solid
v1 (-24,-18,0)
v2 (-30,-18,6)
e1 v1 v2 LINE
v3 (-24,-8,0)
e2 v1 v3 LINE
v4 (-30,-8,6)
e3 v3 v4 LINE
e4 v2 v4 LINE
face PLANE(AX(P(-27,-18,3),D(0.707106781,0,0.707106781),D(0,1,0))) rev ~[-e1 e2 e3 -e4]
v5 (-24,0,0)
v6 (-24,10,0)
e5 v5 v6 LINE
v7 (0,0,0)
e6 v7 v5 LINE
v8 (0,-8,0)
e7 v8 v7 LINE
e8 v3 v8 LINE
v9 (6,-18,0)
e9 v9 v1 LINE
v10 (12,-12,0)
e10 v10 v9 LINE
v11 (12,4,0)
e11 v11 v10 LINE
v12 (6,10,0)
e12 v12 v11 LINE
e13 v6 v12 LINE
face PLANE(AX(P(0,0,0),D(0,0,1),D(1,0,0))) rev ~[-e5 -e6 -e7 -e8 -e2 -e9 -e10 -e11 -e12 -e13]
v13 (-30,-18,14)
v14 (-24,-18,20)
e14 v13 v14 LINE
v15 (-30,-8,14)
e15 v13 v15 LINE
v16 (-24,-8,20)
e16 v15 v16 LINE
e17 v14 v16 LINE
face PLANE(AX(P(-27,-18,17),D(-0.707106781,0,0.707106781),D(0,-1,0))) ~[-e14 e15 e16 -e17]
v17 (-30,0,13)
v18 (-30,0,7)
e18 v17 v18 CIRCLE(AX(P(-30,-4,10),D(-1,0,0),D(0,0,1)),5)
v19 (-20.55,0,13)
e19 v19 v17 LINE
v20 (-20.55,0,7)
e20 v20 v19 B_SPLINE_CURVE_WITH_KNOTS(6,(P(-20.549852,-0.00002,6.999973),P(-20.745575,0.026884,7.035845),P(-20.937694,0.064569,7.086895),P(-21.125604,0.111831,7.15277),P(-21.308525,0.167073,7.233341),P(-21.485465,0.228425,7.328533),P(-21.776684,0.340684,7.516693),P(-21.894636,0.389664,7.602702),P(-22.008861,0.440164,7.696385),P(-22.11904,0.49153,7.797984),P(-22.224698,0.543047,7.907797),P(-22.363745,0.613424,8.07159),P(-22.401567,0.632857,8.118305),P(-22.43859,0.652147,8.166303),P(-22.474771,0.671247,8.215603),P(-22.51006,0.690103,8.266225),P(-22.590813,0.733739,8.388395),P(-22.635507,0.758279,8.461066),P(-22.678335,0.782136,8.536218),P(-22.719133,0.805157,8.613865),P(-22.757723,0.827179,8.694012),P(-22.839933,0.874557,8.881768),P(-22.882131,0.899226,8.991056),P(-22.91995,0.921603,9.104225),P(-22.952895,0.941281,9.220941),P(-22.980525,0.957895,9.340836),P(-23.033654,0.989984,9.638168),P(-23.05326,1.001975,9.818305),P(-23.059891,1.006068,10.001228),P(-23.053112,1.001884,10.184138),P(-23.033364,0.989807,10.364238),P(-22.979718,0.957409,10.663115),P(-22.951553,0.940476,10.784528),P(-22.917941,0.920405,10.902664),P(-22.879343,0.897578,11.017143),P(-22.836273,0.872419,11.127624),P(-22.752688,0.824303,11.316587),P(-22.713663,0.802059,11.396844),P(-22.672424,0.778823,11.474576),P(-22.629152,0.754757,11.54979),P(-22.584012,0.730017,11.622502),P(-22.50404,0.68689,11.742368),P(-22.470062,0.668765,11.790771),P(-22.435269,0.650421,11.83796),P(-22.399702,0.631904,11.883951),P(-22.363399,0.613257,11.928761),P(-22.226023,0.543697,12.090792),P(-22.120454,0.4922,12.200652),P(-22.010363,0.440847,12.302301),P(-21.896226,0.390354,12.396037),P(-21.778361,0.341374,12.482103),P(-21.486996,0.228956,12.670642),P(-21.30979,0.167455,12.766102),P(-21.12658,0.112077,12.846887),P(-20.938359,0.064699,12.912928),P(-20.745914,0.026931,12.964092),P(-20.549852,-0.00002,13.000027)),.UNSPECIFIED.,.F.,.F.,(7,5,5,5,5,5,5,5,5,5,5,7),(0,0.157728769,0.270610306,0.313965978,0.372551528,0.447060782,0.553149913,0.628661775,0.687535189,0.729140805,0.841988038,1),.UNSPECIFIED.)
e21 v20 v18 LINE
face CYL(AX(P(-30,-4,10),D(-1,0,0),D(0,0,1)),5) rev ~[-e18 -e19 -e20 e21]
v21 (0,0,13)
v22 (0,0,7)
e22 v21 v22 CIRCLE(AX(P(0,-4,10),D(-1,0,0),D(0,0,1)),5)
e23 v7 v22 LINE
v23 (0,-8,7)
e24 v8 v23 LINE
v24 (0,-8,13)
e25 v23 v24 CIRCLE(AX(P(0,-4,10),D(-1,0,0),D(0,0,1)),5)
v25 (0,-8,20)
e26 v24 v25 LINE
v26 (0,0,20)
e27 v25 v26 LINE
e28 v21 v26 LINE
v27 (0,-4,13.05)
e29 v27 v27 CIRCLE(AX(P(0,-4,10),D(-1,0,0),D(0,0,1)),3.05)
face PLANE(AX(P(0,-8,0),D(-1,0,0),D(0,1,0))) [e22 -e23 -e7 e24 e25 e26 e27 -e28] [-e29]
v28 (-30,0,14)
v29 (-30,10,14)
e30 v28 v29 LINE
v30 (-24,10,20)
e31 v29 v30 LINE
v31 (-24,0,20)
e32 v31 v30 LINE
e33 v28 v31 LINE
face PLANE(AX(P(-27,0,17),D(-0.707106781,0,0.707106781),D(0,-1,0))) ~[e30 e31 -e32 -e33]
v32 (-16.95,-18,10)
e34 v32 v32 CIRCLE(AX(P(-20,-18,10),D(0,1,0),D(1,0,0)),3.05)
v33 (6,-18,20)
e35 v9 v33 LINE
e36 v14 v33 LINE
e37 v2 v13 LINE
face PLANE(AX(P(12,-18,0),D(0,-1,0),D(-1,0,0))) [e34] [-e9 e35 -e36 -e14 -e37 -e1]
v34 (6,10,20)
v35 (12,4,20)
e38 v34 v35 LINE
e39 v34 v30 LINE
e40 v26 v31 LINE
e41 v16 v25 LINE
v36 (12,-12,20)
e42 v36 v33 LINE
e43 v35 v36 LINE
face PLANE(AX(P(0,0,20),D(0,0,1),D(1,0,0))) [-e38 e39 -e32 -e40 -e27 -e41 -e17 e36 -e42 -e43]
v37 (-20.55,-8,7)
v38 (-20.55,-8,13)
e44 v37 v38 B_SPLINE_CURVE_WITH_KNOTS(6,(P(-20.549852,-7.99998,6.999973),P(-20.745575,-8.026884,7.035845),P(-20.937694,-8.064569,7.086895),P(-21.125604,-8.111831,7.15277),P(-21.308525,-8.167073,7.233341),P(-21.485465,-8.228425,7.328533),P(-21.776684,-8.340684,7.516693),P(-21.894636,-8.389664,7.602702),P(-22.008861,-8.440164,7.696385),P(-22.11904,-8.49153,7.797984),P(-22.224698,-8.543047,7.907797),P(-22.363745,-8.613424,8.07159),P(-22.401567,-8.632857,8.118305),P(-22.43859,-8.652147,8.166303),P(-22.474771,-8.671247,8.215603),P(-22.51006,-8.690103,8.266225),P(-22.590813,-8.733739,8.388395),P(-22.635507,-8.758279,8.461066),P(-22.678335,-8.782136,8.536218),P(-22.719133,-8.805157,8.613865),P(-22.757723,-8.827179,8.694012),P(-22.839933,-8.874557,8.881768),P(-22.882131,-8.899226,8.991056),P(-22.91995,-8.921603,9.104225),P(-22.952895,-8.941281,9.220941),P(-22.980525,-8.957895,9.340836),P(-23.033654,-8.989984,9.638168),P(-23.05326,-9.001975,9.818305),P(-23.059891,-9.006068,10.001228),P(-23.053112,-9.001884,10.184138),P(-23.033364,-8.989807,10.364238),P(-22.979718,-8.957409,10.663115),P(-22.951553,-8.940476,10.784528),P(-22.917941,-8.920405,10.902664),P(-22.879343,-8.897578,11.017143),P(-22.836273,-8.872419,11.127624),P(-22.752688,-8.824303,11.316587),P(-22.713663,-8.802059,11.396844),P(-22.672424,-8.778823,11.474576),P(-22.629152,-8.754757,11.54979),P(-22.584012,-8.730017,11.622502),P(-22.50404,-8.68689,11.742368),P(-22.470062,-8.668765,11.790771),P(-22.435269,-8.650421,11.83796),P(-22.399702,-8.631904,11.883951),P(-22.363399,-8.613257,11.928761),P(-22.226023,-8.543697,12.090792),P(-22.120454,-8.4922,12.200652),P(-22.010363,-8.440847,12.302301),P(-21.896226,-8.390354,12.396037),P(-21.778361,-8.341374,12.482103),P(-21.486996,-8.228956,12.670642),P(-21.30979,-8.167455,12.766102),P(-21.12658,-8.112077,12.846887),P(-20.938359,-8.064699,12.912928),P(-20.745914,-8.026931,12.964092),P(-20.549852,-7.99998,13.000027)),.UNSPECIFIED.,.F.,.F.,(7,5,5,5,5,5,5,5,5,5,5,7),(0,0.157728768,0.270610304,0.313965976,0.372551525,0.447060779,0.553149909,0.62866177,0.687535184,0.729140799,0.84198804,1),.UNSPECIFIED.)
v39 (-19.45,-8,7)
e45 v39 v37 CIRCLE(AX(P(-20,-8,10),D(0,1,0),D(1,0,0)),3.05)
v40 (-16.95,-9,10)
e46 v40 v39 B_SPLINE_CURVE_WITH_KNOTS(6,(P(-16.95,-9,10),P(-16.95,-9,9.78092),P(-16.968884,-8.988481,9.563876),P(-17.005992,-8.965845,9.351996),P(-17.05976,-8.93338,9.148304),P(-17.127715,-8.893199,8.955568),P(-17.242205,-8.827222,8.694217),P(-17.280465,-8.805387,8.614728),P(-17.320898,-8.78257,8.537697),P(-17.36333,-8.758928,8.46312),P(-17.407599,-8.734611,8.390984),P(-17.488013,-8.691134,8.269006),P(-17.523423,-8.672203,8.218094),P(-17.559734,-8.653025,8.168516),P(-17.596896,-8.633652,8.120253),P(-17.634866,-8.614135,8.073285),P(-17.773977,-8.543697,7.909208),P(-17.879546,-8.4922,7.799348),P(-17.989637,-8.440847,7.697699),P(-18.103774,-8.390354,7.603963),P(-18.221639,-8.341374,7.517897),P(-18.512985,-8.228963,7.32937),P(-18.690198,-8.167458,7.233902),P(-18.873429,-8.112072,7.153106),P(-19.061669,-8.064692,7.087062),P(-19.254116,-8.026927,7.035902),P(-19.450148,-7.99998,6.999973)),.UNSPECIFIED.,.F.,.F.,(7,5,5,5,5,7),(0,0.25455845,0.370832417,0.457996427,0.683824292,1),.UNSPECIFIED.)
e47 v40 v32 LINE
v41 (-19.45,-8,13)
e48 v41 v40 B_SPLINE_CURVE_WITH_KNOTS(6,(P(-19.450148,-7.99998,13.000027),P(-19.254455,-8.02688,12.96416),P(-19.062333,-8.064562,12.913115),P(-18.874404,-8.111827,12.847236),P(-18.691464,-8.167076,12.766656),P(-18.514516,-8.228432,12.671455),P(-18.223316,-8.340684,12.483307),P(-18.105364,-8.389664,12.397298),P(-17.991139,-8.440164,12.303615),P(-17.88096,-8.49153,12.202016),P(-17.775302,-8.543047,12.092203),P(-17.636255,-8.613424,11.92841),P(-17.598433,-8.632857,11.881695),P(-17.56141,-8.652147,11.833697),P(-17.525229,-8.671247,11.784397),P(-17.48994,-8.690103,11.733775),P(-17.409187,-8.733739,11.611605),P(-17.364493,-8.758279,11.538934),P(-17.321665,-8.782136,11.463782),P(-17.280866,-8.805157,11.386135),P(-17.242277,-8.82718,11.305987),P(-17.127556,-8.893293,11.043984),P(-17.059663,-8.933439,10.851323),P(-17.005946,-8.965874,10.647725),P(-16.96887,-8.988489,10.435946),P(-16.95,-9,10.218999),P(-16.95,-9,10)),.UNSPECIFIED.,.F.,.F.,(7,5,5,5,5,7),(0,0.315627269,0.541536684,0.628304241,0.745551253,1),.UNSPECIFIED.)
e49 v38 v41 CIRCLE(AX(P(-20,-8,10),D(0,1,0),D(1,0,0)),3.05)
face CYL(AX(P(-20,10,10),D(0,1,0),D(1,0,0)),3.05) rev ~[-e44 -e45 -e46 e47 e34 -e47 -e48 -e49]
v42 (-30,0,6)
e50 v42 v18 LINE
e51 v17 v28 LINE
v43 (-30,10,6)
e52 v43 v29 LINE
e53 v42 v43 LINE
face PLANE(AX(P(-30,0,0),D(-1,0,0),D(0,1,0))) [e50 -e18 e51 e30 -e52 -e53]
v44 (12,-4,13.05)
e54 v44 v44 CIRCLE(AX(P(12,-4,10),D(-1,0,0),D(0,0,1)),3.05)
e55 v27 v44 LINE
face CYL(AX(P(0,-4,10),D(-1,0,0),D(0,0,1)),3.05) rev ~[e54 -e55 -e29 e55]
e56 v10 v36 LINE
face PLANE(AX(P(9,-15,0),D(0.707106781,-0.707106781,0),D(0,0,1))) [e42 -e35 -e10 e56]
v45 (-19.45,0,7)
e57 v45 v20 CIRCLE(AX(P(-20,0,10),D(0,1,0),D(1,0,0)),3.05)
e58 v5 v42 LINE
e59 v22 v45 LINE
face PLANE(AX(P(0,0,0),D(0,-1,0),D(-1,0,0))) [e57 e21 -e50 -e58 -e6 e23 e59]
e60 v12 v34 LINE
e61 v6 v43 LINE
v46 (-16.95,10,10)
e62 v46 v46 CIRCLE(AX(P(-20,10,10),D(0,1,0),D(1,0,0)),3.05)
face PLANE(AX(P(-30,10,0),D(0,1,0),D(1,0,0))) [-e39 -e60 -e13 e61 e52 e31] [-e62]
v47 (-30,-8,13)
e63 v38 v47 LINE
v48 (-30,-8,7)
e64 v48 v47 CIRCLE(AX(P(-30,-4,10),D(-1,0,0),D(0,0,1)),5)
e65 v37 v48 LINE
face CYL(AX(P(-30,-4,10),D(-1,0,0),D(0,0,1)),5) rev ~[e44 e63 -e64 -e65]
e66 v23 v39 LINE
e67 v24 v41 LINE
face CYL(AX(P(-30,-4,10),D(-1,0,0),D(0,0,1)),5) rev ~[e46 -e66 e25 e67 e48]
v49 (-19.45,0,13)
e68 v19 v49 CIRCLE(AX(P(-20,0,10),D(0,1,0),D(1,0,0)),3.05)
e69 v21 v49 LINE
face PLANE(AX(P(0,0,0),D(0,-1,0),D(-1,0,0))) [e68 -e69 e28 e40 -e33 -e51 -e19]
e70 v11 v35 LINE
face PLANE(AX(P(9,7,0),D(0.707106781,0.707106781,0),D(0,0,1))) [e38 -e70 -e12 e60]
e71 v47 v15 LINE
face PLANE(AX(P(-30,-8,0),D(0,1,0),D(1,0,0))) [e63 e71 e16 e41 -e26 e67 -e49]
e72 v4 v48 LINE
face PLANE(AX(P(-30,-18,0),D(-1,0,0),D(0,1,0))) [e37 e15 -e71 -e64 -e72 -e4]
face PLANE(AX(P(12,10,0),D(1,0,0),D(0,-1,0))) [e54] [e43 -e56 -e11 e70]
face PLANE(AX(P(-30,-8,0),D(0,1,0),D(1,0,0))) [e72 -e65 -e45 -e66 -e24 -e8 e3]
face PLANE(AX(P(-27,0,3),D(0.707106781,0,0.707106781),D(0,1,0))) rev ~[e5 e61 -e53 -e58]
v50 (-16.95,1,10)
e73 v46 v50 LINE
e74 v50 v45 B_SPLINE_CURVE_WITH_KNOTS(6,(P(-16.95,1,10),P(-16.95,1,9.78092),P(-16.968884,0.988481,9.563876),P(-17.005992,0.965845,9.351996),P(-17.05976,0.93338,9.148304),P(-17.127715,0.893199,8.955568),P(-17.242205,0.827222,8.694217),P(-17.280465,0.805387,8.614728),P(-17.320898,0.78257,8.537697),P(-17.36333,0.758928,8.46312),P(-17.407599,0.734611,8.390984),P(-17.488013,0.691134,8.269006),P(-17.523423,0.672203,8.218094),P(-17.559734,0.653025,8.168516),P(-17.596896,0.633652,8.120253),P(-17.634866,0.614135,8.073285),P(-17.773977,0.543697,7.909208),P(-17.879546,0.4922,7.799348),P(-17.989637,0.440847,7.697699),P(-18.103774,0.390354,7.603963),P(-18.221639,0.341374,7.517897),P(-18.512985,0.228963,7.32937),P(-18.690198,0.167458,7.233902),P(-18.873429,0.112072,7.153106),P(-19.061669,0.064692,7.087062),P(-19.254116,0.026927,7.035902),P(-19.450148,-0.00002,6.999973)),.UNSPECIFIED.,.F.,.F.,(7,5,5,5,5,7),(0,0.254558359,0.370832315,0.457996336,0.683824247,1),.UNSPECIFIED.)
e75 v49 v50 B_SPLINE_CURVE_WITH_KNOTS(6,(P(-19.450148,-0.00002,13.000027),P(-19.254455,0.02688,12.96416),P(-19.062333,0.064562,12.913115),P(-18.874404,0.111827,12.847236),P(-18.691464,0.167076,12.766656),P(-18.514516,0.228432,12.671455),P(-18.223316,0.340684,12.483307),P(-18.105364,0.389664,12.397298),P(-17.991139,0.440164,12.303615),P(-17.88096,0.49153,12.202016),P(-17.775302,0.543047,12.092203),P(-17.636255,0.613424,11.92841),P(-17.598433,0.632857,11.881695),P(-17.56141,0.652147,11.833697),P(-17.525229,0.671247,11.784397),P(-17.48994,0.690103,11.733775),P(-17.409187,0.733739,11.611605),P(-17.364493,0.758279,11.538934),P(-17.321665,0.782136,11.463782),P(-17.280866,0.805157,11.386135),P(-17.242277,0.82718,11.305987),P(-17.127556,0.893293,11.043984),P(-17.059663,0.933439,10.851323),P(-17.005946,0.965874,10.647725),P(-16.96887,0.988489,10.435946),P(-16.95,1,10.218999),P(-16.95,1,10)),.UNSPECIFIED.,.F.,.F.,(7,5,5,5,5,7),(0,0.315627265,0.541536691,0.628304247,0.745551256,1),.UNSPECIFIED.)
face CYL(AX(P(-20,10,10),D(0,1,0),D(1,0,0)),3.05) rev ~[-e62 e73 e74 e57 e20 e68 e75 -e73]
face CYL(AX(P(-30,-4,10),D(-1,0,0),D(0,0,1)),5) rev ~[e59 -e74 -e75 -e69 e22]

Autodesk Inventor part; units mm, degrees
ref_plane "YZ Plane" through (0, 0, 0) normal (1, 0, 0) x (0, 1, 0)
ref_plane "XZ Plane" through (0, 0, 0) normal (0, 1, 0) x (-1, 0, 0)
ref_plane "XY Plane" through (0, 0, 0) normal (0, 0, 1) x (1, 0, 0)
sketch "Sketch1" plane through (0, 0, 0) normal (0, 0, 1) x (1, 0, 0)
  line L0 (0, 0) -> (-30, 0)
  line L1 (-30, 0) -> (-30, 10)
  line L2 (-30, 10) -> (0, 10)
  line L3 (0, 10) -> (0, 0)
  line L4 (0, 10) -> (12, 10)
  line L5 (12, 10) -> (12, -18)
  line L6 (12, -18) -> (0, -18)
  line L7 (0, -18) -> (0, 10)
  line L8 (0, -18) -> (-30, -18)
  line L9 (-30, -18) -> (-30, -8)
  line L10 (-30, -8) -> (0, -8)
  line L11 (0, -8) -> (0, -18)
  dimension "d0" = 8
  dimension "d1" = 10
  dimension "d2" = 10
  dimension "d3" = 12
  dimension "d4" = 30
extrude "Extrusion1" add sketch "Sketch1" along normal blind 20
sketch "Sketch2" plane through (0, -8, 0) normal (-1, 0, 0) x (0, 0, 1)
  line L0 (20, 8) -> (20, 0) projected
  line L1 (0, 8) -> (0, 0) projected
  line L2 (0, 4) -> (20, 4) construction
  circle A0 centre (10, 4) radius 3.05
  dimension "d7" = 6.1
extrude "Extrusion2" cut sketch "Sketch2" against normal through all
sketch "Sketch3" plane through (-30, 10, 0) normal (0, 1, 0) x (1, 0, 0)
  line L0 (30, 0) -> (30, -20) projected
  line L1 (30, -10) -> (10, -10) construction
  circle A0 centre (10, -10) radius 3.05
  circle A1 centre (10, -10) radius 8.5 construction
  line L2 (42, 0) -> (42, -20) projected
  dimension "d10" = 17
  dimension "d11" = 6.1
  dimension "d12" = 20
  dimension "d24" = 11.5
  dimension "d25" = 32
extrude "Extrusion3" cut sketch "Sketch3" against normal through all
sketch "Sketch4" plane through (-30, 0, 0) normal (-1, 0, 0) x (0, 0, 1)
  circle A0 centre (10, -4) radius 3.05 projected
  circle A1 centre (10, -4) radius 5
  dimension "d15" = 10
extrude "Extrusion4" cut sketch "Sketch4" against normal up to surface (30 mm away)
chamfer "Chamfer1" distance 6 angle 45 4 edges at (-30, 5, 0) (-30, 5, 20) (-30, -13, 0) (-30, -13, 20)
chamfer "Chamfer2" distance 6 angle 45 2 edges at (12, 10, 10) (12, -18, 10)
properties part number "cross head"
